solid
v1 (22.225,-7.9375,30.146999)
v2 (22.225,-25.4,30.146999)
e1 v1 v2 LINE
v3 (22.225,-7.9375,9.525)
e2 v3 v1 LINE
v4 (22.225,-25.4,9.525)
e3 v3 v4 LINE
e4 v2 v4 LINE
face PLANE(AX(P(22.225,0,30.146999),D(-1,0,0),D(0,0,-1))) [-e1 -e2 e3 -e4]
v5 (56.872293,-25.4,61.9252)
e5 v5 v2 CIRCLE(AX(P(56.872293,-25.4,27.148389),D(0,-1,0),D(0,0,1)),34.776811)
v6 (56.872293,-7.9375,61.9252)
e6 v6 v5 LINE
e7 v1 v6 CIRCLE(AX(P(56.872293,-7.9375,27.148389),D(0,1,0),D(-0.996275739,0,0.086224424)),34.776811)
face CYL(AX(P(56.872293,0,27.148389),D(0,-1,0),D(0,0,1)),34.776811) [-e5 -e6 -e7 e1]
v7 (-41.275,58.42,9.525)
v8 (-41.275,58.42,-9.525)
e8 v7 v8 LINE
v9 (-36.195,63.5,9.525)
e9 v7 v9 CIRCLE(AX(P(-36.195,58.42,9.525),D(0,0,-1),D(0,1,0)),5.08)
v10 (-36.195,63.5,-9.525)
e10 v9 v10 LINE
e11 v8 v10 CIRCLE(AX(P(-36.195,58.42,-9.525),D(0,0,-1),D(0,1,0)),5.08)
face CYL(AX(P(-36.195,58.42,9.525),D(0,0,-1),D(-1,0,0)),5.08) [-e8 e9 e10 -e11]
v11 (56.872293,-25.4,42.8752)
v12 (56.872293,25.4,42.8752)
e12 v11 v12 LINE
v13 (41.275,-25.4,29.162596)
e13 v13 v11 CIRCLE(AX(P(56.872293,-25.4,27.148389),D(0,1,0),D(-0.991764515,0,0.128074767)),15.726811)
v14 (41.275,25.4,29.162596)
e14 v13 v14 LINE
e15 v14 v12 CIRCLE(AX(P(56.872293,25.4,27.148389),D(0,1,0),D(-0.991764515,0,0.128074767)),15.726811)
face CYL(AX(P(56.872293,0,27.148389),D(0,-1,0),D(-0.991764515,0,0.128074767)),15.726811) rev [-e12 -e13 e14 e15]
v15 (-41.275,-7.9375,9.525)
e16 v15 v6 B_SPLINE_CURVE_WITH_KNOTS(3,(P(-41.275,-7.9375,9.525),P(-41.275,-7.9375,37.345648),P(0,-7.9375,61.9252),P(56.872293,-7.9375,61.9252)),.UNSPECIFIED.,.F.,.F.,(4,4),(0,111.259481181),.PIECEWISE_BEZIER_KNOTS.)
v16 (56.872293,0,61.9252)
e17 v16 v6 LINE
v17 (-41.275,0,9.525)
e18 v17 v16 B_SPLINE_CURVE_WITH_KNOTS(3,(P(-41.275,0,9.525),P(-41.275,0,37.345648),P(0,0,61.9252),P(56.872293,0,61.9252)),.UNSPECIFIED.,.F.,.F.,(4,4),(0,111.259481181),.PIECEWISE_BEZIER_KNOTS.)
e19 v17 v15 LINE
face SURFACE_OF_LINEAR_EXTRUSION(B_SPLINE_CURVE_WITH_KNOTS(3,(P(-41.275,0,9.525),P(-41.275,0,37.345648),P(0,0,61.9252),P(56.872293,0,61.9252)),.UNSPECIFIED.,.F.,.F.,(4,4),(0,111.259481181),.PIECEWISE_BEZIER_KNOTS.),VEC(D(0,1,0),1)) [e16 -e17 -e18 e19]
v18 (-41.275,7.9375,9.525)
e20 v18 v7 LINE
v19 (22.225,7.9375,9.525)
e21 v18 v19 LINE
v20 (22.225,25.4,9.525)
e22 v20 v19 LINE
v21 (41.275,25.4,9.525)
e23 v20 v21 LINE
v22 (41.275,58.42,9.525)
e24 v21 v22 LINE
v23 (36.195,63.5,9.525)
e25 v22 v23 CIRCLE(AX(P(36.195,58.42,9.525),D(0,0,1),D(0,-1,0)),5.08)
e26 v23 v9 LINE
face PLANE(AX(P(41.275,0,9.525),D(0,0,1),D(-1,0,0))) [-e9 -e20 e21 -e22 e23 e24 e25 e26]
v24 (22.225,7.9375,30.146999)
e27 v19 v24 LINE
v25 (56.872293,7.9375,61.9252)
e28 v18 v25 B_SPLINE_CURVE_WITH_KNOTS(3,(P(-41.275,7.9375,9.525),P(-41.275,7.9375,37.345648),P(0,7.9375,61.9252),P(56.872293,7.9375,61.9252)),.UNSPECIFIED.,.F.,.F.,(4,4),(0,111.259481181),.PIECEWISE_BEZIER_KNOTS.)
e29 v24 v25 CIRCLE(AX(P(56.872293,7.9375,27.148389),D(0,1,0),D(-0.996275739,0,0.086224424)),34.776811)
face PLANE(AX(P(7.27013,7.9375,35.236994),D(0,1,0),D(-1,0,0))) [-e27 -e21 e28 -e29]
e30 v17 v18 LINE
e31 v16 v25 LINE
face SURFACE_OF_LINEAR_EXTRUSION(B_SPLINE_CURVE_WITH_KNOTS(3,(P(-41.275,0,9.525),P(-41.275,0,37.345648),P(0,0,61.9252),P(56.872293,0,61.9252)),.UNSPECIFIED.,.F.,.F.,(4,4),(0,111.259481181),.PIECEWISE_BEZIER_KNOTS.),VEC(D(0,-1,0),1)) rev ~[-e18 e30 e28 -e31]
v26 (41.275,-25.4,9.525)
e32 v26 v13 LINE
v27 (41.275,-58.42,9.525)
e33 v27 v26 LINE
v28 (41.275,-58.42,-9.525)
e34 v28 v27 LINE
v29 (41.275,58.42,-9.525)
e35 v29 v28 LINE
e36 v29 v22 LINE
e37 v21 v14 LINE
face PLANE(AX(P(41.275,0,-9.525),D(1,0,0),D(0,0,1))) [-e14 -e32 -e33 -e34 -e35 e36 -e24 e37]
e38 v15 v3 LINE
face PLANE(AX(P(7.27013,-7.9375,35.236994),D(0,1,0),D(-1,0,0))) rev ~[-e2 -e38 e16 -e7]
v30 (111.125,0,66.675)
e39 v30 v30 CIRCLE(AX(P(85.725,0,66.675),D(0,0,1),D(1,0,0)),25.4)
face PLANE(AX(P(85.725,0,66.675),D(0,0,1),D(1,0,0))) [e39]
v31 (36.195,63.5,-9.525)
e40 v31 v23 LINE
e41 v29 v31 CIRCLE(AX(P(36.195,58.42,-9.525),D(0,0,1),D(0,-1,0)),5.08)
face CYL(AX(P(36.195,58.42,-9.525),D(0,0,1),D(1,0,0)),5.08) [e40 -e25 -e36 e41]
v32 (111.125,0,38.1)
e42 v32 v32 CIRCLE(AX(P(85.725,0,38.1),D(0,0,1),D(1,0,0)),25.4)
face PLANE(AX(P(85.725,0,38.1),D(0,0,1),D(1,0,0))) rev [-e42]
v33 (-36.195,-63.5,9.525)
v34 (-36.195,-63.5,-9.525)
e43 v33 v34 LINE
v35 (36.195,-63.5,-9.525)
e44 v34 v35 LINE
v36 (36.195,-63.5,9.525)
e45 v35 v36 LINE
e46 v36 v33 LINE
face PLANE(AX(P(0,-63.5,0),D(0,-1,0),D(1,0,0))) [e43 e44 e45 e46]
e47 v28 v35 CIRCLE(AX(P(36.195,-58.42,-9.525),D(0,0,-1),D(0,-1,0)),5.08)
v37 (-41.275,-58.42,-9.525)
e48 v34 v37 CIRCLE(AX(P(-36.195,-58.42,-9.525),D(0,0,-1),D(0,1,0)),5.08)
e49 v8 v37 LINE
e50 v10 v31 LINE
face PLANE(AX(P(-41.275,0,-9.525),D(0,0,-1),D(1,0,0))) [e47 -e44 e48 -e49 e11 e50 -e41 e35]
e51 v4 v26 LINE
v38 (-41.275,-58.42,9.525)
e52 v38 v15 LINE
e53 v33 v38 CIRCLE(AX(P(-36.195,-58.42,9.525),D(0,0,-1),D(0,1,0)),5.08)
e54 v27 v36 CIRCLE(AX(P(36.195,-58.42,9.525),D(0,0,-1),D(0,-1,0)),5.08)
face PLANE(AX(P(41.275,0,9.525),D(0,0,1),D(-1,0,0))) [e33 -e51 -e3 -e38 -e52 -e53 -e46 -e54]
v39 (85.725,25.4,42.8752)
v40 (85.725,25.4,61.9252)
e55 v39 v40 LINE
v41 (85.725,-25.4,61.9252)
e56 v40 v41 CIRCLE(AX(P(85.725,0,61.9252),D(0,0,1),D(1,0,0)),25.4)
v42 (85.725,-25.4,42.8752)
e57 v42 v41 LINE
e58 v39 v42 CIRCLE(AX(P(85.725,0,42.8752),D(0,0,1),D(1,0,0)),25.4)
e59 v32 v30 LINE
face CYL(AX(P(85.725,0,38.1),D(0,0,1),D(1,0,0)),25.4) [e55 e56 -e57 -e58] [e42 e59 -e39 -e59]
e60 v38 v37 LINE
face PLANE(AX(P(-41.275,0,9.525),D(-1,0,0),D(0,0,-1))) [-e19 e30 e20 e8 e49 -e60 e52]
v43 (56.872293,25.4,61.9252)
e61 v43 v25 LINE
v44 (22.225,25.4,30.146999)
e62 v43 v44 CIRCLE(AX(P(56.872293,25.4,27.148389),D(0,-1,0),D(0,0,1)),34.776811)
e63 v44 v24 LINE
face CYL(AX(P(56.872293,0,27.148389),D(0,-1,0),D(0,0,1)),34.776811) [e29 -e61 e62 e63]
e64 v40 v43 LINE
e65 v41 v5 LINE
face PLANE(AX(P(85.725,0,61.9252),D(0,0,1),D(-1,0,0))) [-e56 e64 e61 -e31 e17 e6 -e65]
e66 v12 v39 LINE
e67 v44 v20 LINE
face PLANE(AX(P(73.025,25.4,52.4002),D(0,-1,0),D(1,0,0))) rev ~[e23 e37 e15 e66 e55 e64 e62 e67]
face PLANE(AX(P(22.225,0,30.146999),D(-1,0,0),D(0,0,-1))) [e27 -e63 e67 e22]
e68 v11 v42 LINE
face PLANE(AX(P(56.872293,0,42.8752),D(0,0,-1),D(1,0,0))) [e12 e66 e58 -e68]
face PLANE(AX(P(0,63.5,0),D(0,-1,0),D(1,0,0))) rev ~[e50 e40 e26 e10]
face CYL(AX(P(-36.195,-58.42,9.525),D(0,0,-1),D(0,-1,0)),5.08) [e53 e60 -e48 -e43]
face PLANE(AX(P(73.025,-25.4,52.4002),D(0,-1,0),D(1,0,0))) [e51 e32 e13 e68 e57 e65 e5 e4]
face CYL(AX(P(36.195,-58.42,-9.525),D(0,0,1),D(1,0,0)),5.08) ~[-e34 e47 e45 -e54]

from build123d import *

# Parameters (mm, degrees)
F1_DEPTH = 63.5
F0_W     = 25.4
F0_H     = 19.05
F2_DEPTH = 25.4
F3_DEPTH = 7.9375
F5_R     = 5.08


with BuildPart() as f1:
    # F0 (on Front) → F1 (new body, symmetric)
    with BuildSketch(Plane.XZ):
        Polygon((22.225, 9.525), (-41.275, 9.525), (-41.275, -9.525), (41.275, -9.525), (41.275, 9.525), align=None)
    extrude(amount=F1_DEPTH, both=True)

    # F0 (on Front) → F2 (join, symmetric)
    with BuildSketch(Plane.XZ):
        with Locations((73.025, 52.4002)):
            Rectangle(F0_W, F0_H)
        with BuildLine():
            Line((22.225, 30.1469992557), (22.225, 9.525))
            Line((22.225, 9.525), (41.275, 9.525))
            Line((41.275, 9.525), (41.275, 29.1625964248))
            ThreePointArc((41.275, 29.1625964248), (46.4882785135, 38.9596049457), (56.8722933531, 42.8752))
            Line((56.8722933531, 42.8752), (60.325, 42.8752))
            Line((60.325, 42.8752), (60.325, 61.9252))
            Line((60.325, 61.9252), (56.8722933531, 61.9252))
            ThreePointArc((56.8722933531, 61.9252), (33.3654380804, 52.7775587752), (22.225, 30.1469992557))
        make_face()
    extrude(amount=F2_DEPTH, both=True)

    # F0 (on Front) → F3 (join, symmetric)
    with BuildSketch(Plane.XZ):
        with BuildLine():
            add(Edge.make_bspline(
                [(-41.275, 9.525), (-41.275, 37.3456478119), (0, 61.9252), (56.8722933531, 61.9252)],
                knots=[0, 0, 0, 0, 111.2594811806, 111.2594811806, 111.2594811806, 111.2594811806], degree=3))
            Line((-41.275, 9.525), (22.225, 9.525))
            Line((22.225, 9.525), (22.225, 30.1469992557))
            ThreePointArc((22.225, 30.1469992557), (33.3654380804, 52.7775587752), (56.8722933531, 61.9252))
        make_face()
    extrude(amount=F3_DEPTH, both=True)

    # F0 (on Front) → F4 (revolve)
    with BuildSketch(Plane.XZ):
        Polygon((85.725, 66.675), (85.725, 61.9252), (85.725, 42.8752), (85.725, 38.1), (111.125, 38.1), (111.125, 66.675), align=None)
    revolve(axis=Axis((85.725, 0, 52.3875), (0, 0, 1)))

    # F5
    f5_edges = [f1.edges().sort_by_distance(p)[0] for p in [
        (-41.275, -63.5, 0),
        (41.275, -63.5, 0),
        (41.275, 63.5, 0),
        (-41.275, 63.5, 0),
    ]]
    fillet(f5_edges, radius=F5_R)


solid = f1.part
